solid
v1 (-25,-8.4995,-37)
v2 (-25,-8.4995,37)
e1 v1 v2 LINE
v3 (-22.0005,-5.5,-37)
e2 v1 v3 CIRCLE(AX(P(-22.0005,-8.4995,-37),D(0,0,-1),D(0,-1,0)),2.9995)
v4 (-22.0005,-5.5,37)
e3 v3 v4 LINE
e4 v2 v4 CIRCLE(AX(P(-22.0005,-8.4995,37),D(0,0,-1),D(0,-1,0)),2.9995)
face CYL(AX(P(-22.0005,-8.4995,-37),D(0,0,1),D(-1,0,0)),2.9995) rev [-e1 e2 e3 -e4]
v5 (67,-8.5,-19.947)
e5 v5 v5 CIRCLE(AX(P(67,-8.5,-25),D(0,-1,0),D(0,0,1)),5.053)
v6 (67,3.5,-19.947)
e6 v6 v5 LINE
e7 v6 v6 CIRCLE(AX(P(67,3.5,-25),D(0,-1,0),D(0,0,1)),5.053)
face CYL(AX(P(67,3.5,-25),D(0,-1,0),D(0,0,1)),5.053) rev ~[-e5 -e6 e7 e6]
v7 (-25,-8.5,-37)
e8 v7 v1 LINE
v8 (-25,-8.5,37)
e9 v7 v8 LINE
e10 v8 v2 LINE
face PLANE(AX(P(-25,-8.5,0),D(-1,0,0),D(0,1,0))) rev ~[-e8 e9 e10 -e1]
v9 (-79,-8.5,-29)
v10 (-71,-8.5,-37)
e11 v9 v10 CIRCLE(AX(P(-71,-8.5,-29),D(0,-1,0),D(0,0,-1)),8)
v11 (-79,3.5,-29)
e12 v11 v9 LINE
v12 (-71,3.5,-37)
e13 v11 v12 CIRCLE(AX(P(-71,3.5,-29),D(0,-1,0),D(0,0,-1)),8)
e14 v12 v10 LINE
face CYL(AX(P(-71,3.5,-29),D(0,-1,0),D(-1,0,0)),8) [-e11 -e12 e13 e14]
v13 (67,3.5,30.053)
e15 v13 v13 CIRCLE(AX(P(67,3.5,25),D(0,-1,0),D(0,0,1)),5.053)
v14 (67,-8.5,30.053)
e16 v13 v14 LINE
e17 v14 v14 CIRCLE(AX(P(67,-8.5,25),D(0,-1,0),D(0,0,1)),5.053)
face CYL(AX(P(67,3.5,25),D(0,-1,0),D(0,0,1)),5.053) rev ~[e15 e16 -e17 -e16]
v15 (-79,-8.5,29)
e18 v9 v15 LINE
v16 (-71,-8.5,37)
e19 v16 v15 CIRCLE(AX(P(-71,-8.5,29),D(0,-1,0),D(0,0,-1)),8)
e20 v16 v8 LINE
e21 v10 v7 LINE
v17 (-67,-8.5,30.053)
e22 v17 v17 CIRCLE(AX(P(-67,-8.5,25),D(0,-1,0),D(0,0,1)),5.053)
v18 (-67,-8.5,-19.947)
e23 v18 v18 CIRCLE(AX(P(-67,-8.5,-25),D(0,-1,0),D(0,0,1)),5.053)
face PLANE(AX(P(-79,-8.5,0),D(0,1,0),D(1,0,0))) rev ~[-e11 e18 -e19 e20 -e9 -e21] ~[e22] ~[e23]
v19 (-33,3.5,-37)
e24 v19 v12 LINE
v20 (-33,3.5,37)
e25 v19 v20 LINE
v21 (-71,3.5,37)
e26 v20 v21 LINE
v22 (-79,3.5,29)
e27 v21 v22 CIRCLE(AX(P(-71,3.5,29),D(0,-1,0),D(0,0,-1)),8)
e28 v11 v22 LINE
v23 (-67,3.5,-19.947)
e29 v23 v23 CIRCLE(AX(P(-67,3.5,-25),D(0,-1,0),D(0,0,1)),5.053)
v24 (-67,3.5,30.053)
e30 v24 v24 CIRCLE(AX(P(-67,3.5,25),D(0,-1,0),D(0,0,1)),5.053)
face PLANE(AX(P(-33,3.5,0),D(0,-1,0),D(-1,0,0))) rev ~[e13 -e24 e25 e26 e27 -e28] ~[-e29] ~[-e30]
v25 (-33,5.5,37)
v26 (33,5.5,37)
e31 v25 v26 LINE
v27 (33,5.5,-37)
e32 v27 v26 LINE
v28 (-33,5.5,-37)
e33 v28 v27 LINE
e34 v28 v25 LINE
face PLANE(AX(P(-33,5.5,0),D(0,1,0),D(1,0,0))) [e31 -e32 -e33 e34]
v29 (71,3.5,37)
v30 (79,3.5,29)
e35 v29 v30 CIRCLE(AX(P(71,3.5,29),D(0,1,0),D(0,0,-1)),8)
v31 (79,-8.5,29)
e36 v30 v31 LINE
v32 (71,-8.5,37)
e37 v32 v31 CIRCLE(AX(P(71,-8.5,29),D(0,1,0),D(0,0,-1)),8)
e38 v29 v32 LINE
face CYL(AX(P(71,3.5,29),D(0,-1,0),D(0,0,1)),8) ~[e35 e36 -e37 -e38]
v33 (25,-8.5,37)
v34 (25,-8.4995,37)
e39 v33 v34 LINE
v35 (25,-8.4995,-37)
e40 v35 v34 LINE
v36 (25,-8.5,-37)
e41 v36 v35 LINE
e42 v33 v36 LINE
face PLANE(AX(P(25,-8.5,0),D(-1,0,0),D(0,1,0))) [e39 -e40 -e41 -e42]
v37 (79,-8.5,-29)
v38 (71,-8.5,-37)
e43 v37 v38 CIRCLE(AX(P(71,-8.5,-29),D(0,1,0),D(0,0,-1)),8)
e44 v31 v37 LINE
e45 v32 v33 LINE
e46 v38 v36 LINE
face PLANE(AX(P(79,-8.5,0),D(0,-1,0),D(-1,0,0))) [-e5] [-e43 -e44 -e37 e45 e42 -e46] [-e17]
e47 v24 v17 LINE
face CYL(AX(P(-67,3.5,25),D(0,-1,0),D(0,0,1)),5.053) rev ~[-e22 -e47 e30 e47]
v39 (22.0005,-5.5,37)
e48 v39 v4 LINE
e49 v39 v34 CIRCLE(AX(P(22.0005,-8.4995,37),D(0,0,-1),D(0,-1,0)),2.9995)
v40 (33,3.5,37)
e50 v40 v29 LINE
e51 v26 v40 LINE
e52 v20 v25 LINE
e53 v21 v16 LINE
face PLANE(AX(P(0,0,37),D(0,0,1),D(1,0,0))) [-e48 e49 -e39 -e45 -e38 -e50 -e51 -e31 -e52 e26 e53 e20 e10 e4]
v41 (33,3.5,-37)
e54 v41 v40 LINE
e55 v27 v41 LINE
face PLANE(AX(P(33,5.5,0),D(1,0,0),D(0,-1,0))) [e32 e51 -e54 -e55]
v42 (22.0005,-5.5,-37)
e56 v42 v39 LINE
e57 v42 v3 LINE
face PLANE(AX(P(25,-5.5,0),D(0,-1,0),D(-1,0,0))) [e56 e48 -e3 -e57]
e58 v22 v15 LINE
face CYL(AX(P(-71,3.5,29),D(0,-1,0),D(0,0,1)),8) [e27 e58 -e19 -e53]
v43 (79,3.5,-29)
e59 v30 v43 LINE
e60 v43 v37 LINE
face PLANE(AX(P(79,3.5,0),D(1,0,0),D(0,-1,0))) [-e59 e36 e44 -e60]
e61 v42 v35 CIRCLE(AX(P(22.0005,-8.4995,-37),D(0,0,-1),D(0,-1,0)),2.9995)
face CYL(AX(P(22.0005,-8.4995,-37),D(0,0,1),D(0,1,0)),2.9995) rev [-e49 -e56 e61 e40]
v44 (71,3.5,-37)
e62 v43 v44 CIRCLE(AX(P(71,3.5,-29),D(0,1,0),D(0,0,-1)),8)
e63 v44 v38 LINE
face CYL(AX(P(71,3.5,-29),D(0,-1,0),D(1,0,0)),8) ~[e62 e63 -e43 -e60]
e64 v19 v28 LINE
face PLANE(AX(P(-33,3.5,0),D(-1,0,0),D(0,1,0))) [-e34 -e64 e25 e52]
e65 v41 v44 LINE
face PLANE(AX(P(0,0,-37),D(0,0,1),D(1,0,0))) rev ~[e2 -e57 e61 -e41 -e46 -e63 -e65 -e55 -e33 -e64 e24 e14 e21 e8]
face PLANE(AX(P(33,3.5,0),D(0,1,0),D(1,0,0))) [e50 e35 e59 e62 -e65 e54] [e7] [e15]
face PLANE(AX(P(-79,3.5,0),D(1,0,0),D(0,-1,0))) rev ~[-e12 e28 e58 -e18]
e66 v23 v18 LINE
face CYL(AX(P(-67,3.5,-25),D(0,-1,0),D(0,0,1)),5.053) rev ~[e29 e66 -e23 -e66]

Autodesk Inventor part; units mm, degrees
ref_plane "YZ Plane" through (0, 0, 0) normal (1, 0, 0) x (0, 1, 0)
ref_plane "XZ Plane" through (0, 0, 0) normal (0, 1, 0) x (-1, 0, 0)
ref_plane "XY Plane" through (0, 0, 0) normal (0, 0, 1) x (1, 0, 0)
sketch "Sketch1" plane through (0, 0, 0) normal (0, 0, 1) x (1, 0, 0)
  line L0 (33, -5.5) -> (-33, -5.5)
  line L1 (-33, -5.5) -> (-33, 5.5)
  line L2 (-33, 5.5) -> (33, 5.5)
  line L3 (33, 5.5) -> (33, -5.5)
  line L4 (33, -5.5) -> (-33, 5.5) construction
  line L5 (-33, -5.5) -> (33, 5.5) construction
  line L6 (-25, 3.5) -> (-79, 3.5)
  line L7 (-79, 3.5) -> (-79, -8.5)
  line L8 (-79, -8.5) -> (-25, -8.5)
  line L9 (-25, -8.5) -> (-25, 3.5)
  line L10 (0, 0) -> (0, 20.8366) construction
  line L11 (25, 3.5) -> (79, 3.5)
  line L12 (79, 3.5) -> (79, -8.5)
  line L13 (79, -8.5) -> (25, -8.5)
  line L14 (25, -8.5) -> (25, 3.5)
  point P0 (-25, -5.5)
  point P1 (25, -5.5)
  point P2 (33, 3.5)
  point P3 (-33, 3.5)
  dimension "d0" = 158
  dimension "d3" = 50
  dimension "d4" = 66
  dimension "d5" = 3
  dimension "d6" = 12
  dimension "d7" = 14
extrude "Extrusion1" add sketch "Sketch1" along normal mid plane 74
fillet "Fillet1" radius 3 2 edges at (25, -5.5, 0) (-25, -5.5, 0)
sketch "Sketch3" plane through (-79, 3.5, 37) normal (0, 1, 0) x (1, 0, 0)
  line L0 (46, 0) -> (0, 0) projected
  line L1 (0, 74) -> (0, 0) projected
  point P0 (79, 37)
  point P1 (12, 12)
  dimension "d11" = 12
  dimension "d12" = 12
hole "Hole1" at (-67, 3.5, 25) direction (0, -1, 0) diameter 10.106 end through all thread size "M12x1.75" class "6H" standard "ISO Metric profile"
pattern_linear "Rectangular Pattern1" count 2 spacing 50 along (0, 0, -1) count 2 spacing 134 along (1, 0, 0) of "Hole1"
fillet "Fillet2" radius 8 4 edges at (-79, -2.5, 37) (-79, -2.5, -37) (79, -2.5, -37) (79, -2.5, 37)
properties part number "01-base" material "Iron, Gray"
